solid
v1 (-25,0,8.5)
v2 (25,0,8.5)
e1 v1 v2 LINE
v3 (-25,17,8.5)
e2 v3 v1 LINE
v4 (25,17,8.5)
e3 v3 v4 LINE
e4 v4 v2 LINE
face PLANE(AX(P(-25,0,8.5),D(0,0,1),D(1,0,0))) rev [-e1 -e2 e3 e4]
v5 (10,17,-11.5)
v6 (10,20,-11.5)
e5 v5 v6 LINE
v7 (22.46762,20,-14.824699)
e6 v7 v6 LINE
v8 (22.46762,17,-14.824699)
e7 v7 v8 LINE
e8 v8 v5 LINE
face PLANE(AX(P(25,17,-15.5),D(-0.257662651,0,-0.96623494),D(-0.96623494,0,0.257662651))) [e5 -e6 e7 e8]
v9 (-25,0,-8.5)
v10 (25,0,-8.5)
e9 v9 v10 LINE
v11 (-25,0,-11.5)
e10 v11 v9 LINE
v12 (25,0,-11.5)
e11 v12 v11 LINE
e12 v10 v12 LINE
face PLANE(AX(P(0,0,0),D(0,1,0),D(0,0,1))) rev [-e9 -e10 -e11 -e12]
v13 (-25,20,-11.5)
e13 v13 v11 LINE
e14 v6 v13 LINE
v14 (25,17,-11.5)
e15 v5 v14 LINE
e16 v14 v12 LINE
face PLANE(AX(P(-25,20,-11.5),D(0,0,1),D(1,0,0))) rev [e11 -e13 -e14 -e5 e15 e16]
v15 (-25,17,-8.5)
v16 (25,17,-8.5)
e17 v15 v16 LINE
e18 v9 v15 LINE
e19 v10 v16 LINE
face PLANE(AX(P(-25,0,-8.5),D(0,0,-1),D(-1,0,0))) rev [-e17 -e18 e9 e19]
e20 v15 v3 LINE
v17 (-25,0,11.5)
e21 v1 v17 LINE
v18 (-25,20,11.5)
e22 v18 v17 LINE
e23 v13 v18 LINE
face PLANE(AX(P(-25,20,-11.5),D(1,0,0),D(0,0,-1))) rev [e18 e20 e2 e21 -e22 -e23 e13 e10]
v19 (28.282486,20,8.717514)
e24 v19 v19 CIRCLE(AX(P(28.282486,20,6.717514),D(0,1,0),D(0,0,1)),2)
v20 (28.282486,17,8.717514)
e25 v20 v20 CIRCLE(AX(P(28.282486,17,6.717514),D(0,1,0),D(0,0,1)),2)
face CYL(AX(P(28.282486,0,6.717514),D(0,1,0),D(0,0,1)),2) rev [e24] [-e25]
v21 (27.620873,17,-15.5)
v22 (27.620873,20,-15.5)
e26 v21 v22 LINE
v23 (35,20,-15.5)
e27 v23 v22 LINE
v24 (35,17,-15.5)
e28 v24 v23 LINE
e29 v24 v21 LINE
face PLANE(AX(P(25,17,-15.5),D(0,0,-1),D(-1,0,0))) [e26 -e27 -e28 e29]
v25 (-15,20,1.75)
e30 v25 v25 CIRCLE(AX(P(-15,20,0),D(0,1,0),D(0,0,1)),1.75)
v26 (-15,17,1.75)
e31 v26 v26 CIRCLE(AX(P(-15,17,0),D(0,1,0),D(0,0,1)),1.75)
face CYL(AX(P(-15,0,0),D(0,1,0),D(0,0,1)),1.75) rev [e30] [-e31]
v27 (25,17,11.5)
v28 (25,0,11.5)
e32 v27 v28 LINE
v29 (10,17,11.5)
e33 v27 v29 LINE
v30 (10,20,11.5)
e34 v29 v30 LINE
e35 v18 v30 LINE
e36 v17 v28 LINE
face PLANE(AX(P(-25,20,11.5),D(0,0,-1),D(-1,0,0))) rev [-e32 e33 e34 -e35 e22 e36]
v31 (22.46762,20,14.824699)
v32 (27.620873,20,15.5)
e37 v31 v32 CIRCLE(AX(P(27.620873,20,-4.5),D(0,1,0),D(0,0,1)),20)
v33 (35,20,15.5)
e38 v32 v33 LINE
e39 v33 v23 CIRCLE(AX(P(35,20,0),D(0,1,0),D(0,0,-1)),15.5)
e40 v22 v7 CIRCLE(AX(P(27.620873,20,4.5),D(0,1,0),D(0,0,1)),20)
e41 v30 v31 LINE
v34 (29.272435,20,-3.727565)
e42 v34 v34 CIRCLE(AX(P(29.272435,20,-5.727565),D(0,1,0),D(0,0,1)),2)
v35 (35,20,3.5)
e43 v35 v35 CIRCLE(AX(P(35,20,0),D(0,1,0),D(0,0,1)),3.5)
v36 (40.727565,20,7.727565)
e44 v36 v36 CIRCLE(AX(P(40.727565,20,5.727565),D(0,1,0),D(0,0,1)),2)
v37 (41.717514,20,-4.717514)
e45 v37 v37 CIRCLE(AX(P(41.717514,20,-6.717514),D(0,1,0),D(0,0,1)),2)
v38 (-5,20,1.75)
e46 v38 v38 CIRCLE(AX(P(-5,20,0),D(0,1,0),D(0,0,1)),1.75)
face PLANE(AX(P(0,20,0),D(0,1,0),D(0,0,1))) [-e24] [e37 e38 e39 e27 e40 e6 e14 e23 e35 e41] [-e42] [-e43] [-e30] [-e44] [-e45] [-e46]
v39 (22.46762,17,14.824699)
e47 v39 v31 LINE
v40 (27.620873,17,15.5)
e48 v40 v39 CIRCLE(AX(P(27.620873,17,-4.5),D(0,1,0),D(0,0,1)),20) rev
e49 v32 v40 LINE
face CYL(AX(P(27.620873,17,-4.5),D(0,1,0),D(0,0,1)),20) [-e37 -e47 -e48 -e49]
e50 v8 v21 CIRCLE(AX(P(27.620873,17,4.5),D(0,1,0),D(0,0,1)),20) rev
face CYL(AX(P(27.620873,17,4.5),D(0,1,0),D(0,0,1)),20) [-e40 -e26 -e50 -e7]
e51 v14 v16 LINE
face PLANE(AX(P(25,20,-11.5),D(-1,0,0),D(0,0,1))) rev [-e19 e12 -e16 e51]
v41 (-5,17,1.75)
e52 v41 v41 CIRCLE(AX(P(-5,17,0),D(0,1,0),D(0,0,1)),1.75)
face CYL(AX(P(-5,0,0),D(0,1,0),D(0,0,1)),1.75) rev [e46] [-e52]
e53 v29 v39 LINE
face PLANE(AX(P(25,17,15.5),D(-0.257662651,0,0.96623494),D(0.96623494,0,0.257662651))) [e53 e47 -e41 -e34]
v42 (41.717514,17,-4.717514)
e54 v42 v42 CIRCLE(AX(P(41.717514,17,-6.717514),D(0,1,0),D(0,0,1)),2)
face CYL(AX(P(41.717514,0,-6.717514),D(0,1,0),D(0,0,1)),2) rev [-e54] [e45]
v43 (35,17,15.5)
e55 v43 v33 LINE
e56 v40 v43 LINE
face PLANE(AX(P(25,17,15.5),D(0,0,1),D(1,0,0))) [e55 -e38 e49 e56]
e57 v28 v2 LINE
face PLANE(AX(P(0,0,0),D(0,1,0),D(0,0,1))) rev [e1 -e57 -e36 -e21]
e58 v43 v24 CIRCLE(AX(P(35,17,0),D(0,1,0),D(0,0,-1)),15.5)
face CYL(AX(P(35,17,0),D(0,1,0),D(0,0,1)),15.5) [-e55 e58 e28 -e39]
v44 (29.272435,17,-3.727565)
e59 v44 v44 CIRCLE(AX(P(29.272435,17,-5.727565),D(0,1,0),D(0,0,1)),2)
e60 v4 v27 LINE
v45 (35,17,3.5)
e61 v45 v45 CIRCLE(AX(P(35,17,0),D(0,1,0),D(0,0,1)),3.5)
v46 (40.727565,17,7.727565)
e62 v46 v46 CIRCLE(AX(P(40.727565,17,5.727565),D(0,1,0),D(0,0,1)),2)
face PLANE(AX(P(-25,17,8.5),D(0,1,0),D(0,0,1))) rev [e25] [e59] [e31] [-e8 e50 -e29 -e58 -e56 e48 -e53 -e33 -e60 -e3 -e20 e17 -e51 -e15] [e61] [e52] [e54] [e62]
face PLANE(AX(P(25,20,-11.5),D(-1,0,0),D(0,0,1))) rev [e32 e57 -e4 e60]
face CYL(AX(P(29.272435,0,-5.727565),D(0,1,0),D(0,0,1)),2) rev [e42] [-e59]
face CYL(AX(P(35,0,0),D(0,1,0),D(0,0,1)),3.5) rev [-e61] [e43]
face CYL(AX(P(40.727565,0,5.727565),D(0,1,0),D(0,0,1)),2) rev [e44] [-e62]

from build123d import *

# Parameters (mm, degrees)
SKETCH1_W           = 50
SKETCH1_H           = 23
BOSS_EXTRUDE1_DEPTH = 20
SKETCH2_W           = 17
SKETCH2_H           = 17
CUT_EXTRUDE1_DEPTH  = 56.065869647
BOSS_EXTRUDE2_DEPTH = 3
SKETCH4_R           = 1.75
SKETCH4_R_2         = 3.5
SKETCH4_R_3         = 2
CUT_EXTRUDE4_DEPTH  = 57.484511151
FILLET1_R           = 20


with BuildPart() as part:
    # Sketch1 → Boss-Extrude1 (new body)
    with BuildSketch(Plane(origin=(0, 0, 0), x_dir=(1, 0, 0), z_dir=(0, 1, 0))):
        Rectangle(SKETCH1_W, SKETCH1_H)
    extrude(amount=BOSS_EXTRUDE1_DEPTH)

    # Sketch2 → Cut-Extrude1 (cut, through all)
    with BuildSketch(Plane(origin=(25, 0, 0), x_dir=(0, 0, -1), z_dir=(1, 0, 0))):
        with Locations((0, 8.5)):
            Rectangle(SKETCH2_W, SKETCH2_H)
    extrude(amount=-CUT_EXTRUDE1_DEPTH, mode=Mode.SUBTRACT)

    # Sketch3 → Boss-Extrude2 (add)
    with BuildSketch(Plane(origin=(0, 20, 0), x_dir=(1, 0, 0), z_dir=(0, 1, 0))):
        with BuildLine():
            Line((25, 15.5), (35, 15.5))
            ThreePointArc((35, 15.5), (50.5, 0), (35, -15.5))
            Line((35, -15.5), (25, -15.5))
            Line((25, -15.5), (10, -11.5))
            Line((10, -11.5), (25, -11.5))
            Line((25, -11.5), (25, 11.5))
            Line((25, 11.5), (10, 11.5))
            Line((10, 11.5), (25, 15.5))
        make_face()
    extrude(amount=-BOSS_EXTRUDE2_DEPTH)

    # Sketch4 → Cut-Extrude4 (cut, through all)
    with BuildSketch(Plane(origin=(0, 20, 0), x_dir=(1, 0, 0), z_dir=(0, 1, 0))):
        with Locations(Location((-15, 0, 0), (0, 0, 270))):
            Circle(SKETCH4_R)
        with Locations(Location((-5, 0, 0), (0, 0, 270))):
            Circle(SKETCH4_R)
        with Locations(Location((35, 0, 0), (0, 0, 270))):
            Circle(SKETCH4_R_2)
        with Locations(Location((28.282485579, -6.717514421, 0), (0, 0, 270))):
            Circle(SKETCH4_R_3)
        with Locations(Location((41.717514421, 6.717514421, 0), (0, 0, 270))):
            Circle(SKETCH4_R_3)
        with Locations(Location((40.727564928, -5.727564928, 0), (0, 0, 270))):
            Circle(SKETCH4_R_3)
        with Locations(Location((29.272435072, 5.727564928, 0), (0, 0, 270))):
            Circle(SKETCH4_R_3)
    extrude(amount=-CUT_EXTRUDE4_DEPTH, mode=Mode.SUBTRACT)

    # Fillet1
    fillet1_edges = [part.edges().sort_by_distance(p)[0] for p in [
        (25, 18.5, -15.5),
        (25, 18.5, 15.5),
    ]]
    fillet(fillet1_edges, radius=FILLET1_R)


solid = part.part
